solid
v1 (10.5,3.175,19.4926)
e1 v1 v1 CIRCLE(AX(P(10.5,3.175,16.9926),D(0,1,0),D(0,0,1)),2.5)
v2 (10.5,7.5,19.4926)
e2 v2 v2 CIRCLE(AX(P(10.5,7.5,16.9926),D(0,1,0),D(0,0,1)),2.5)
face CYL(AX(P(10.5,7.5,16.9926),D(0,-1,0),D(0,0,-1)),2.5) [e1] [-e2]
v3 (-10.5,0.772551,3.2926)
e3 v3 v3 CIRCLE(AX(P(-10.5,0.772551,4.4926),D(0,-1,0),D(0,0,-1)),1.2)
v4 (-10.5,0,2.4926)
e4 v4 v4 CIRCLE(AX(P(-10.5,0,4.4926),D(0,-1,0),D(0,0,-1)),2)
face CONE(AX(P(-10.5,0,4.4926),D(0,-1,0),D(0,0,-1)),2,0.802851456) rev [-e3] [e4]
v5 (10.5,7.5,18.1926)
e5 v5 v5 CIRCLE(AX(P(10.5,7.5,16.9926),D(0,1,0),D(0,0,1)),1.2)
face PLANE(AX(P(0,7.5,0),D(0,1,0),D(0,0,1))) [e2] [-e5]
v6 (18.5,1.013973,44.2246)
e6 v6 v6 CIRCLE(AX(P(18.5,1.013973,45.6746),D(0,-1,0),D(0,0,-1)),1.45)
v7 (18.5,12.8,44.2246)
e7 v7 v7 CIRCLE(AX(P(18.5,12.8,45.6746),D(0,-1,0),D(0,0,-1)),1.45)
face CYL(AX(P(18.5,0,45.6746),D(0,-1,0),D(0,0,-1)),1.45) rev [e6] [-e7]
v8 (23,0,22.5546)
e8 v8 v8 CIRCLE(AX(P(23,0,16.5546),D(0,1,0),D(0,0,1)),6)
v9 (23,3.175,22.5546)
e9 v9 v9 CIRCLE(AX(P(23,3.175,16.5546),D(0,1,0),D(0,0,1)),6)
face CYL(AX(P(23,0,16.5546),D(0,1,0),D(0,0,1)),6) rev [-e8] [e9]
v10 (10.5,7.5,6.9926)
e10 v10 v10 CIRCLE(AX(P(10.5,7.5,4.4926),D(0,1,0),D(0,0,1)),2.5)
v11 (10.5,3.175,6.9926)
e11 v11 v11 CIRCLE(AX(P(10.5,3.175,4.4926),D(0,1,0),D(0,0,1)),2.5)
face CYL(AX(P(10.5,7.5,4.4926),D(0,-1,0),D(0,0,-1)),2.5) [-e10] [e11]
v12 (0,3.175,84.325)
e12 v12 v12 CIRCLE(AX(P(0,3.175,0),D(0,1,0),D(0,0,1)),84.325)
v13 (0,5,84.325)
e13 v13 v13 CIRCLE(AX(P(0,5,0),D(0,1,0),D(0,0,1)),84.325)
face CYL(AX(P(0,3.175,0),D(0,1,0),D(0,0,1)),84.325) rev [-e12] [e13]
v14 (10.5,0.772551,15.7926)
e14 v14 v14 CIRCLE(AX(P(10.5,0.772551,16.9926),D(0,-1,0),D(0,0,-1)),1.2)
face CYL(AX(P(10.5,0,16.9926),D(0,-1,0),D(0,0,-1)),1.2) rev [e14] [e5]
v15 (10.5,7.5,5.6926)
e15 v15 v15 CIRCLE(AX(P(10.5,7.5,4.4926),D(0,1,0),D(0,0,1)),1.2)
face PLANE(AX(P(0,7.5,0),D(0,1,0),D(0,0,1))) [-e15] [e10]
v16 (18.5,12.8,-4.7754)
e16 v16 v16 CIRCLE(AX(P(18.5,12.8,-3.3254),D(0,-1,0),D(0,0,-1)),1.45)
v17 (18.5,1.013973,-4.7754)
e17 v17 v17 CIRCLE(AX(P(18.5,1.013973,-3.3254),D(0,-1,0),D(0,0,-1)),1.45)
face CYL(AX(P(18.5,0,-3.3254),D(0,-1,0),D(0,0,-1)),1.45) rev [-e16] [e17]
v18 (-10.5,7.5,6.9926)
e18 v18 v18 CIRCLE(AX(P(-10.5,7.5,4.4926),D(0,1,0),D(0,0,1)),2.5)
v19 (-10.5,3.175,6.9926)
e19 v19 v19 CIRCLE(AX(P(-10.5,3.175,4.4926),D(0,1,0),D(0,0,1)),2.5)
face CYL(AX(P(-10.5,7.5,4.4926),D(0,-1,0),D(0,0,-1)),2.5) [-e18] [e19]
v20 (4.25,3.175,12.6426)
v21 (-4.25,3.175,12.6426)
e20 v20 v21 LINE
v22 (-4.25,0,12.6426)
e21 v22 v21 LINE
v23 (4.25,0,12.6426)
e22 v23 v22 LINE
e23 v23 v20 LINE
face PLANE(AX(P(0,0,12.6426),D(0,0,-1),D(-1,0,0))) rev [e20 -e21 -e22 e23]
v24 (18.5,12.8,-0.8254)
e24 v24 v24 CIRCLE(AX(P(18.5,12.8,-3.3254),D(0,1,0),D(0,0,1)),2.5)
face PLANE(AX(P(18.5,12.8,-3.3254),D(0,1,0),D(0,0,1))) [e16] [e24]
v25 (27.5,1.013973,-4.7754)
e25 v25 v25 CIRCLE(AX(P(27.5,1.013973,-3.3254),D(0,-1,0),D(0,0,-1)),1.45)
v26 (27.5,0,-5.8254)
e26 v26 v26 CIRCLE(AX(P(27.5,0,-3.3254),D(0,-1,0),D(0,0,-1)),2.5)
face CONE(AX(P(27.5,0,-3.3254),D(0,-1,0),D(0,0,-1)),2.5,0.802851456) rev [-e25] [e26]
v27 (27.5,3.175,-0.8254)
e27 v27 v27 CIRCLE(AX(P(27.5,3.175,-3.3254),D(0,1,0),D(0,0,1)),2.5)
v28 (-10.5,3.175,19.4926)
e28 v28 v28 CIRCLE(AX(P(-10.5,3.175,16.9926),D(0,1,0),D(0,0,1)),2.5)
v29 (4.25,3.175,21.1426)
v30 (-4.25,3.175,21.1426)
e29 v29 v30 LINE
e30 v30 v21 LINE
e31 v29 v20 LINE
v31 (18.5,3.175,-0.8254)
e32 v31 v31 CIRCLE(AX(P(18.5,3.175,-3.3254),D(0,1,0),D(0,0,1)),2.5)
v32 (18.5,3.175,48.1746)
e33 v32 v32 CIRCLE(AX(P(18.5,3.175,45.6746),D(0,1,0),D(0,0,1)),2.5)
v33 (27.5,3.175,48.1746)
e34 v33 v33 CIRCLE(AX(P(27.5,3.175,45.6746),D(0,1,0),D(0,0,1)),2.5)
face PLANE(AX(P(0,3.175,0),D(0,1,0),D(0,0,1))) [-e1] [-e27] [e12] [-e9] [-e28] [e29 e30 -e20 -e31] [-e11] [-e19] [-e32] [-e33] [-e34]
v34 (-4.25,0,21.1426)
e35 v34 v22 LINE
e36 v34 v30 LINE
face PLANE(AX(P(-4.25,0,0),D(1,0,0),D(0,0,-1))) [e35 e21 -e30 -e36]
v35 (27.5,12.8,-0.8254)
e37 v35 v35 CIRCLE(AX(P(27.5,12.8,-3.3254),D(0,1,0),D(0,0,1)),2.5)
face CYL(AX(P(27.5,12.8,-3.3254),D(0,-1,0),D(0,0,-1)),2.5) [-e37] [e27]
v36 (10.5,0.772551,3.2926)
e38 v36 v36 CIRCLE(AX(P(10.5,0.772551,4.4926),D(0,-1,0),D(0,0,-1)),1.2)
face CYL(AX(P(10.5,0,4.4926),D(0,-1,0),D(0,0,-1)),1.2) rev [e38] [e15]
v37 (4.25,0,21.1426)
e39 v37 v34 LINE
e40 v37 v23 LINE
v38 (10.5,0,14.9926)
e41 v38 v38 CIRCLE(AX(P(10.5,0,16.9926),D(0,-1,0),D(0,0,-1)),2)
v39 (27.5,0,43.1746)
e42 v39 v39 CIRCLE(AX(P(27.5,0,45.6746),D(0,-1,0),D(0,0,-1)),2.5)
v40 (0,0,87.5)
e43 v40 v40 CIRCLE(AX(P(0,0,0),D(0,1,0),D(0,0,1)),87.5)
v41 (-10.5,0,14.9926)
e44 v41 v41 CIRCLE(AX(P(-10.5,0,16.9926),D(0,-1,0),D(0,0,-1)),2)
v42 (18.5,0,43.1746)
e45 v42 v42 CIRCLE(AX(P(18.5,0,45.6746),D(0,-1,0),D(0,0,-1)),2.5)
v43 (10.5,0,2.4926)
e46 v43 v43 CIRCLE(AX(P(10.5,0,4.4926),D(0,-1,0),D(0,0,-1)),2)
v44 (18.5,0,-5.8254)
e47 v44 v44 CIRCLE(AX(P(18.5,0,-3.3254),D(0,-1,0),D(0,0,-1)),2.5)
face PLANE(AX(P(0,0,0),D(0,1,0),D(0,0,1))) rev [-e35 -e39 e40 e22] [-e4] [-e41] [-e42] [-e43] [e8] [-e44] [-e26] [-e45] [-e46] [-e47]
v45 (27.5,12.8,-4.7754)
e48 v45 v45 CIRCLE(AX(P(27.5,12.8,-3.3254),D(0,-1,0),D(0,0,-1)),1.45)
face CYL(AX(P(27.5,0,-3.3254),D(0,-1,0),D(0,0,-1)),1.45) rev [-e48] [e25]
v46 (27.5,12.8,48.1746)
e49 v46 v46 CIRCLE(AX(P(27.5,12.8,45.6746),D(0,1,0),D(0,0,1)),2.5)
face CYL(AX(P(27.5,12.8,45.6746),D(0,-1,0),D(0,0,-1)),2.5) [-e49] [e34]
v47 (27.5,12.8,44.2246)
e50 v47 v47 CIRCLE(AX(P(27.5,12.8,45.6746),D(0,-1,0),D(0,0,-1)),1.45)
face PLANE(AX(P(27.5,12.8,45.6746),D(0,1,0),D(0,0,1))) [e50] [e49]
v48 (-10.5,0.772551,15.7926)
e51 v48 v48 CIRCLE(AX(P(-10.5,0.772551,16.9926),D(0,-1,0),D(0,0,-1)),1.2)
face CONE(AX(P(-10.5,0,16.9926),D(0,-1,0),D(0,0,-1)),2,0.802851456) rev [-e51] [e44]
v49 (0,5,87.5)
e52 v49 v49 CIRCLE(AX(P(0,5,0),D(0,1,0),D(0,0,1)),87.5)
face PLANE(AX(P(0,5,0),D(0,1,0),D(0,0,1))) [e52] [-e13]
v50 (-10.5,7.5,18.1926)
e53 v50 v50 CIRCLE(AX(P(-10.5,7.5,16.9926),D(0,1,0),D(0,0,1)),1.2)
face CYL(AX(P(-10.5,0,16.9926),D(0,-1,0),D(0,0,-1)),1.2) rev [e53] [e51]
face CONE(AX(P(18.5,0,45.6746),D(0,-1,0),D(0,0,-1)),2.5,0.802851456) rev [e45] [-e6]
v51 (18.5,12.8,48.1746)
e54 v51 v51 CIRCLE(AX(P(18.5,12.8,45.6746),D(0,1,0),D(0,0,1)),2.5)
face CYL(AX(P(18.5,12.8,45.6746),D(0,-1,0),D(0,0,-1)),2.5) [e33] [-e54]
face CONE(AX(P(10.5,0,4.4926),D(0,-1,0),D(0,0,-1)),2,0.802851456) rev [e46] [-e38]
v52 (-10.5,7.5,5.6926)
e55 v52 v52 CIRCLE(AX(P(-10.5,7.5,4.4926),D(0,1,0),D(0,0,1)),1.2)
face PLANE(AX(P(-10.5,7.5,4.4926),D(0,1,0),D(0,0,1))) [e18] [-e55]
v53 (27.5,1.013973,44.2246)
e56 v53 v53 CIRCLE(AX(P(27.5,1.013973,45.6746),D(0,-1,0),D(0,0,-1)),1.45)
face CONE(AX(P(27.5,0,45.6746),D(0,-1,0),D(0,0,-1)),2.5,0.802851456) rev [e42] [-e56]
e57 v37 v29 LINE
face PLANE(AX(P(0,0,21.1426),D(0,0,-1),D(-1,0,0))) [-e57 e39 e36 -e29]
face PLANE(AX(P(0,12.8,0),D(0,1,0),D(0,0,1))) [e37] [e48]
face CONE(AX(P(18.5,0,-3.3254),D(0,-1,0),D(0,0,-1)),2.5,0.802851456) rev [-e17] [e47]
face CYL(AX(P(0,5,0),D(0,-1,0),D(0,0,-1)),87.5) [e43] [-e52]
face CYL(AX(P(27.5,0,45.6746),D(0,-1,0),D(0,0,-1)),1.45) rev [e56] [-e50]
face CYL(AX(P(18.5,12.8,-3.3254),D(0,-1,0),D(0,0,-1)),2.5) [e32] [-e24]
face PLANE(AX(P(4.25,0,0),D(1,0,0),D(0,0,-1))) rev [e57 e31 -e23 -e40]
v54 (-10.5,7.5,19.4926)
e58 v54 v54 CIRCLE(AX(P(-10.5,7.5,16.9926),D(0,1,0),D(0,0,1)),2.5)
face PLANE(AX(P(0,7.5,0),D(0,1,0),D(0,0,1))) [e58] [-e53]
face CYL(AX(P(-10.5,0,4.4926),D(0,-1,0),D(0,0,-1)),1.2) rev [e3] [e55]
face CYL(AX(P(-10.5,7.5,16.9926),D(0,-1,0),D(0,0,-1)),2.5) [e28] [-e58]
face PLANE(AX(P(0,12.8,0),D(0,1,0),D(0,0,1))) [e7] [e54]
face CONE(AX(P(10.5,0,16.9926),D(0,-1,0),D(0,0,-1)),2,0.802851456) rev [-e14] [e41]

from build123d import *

# Parameters (mm, degrees)
SKETCH1_R                                            = 87.5
BOSS_EXTRUDE1_DEPTH                                  = 5
SKETCH2_R                                            = 84.325
CUT_EXTRUDE1_DEPTH                                   = 1.825
SKETCH3_W                                            = 8.5
SKETCH3_H                                            = 8.5
SKETCH3_R                                            = 6
CUT_EXTRUDE2_DEPTH                                   = 124.784411882
SKETCH4_R                                            = 2.5
BOSS_EXTRUDE2_DEPTH                                  = 4.325
SKETCH4_2_R                                          = 2.5
BOSS_EXTRUDE3_DEPTH                                  = 9.625
CSK_FOR_M2_5_CROSS_COUNTERSUNK_HEAD_SCRE_D           = 2.9
CSK_FOR_M2_5_CROSS_COUNTERSUNK_HEAD_SCRE_CSINK_D     = 5
CSK_FOR_M2_5_CROSS_COUNTERSUNK_HEAD_SCRE_CSINK_ANGLE = 92
CSK_FOR_M2_CROSS_COUNTERSUNK_HEAD_SCREW1_D           = 2.4
CSK_FOR_M2_CROSS_COUNTERSUNK_HEAD_SCREW1_CSINK_D     = 4
CSK_FOR_M2_CROSS_COUNTERSUNK_HEAD_SCREW1_CSINK_ANGLE = 92


with BuildPart() as part:
    # Sketch1 → Boss-Extrude1 (new body)
    with BuildSketch(Plane(origin=(0, 0, 0), x_dir=(1, 0, 0), z_dir=(0, 1, 0))):
        Circle(SKETCH1_R)
    extrude(amount=BOSS_EXTRUDE1_DEPTH)

    # Sketch2 → Cut-Extrude1 (cut)
    with BuildSketch(Plane(origin=(0, 5, 0), x_dir=(1, 0, 0), z_dir=(0, 1, 0))):
        Circle(SKETCH2_R)
    extrude(amount=-CUT_EXTRUDE1_DEPTH, mode=Mode.SUBTRACT)

    # Sketch3 → Cut-Extrude2 (cut, through all)
    with BuildSketch(Plane(origin=(0, 3.175, 0), x_dir=(1, 0, 0), z_dir=(0, 1, 0))):
        with Locations((0, -16.8926)):
            Rectangle(SKETCH3_W, SKETCH3_H)
        with Locations((23, -16.5546)):
            Circle(SKETCH3_R)
    extrude(amount=-CUT_EXTRUDE2_DEPTH, mode=Mode.SUBTRACT)

    # Sketch4 → Boss-Extrude2 (add)
    with BuildSketch(Plane(origin=(0, 3.175, 0), x_dir=(1, 0, 0), z_dir=(0, 1, 0))):
        with Locations((10.5, -4.4926)):
            Circle(SKETCH4_R)
        with Locations((10.5, -16.9926)):
            Circle(SKETCH4_R)
        with Locations((-10.5, -16.9926)):
            Circle(SKETCH4_R)
        with Locations((-10.5, -4.4926)):
            Circle(SKETCH4_R)
    extrude(amount=BOSS_EXTRUDE2_DEPTH)

    # Sketch4<2> → Boss-Extrude3 (add)
    with BuildSketch(Plane(origin=(0, 3.175, 0), x_dir=(1, 0, 0), z_dir=(0, 1, 0))):
        with Locations((27.5, 3.3254)):
            Circle(SKETCH4_2_R)
        with Locations((27.5, -45.6746)):
            Circle(SKETCH4_2_R)
        with Locations((18.5, -45.6746)):
            Circle(SKETCH4_2_R)
        with Locations((18.5, 3.3254)):
            Circle(SKETCH4_2_R)
    extrude(amount=BOSS_EXTRUDE3_DEPTH)

    # CSK for M2.5 Cross Countersunk Head Screw1 (through all)
    with Locations(Plane(origin=(0, 0, 0), x_dir=(-1, 0, 0), z_dir=(0, -1, 0))):
        with Locations((-27.5, 3.3254), (-18.5, 3.3254), (-27.5, -45.6746), (-18.5, -45.6746)):
            CounterSinkHole(CSK_FOR_M2_5_CROSS_COUNTERSUNK_HEAD_SCRE_D / 2, CSK_FOR_M2_5_CROSS_COUNTERSUNK_HEAD_SCRE_CSINK_D / 2, counter_sink_angle=CSK_FOR_M2_5_CROSS_COUNTERSUNK_HEAD_SCRE_CSINK_ANGLE)

    # CSK for M2 Cross Countersunk Head Screw1 (through all)
    with Locations(Plane(origin=(0, 0, 0), x_dir=(-1, 0, 0), z_dir=(0, -1, 0))):
        with Locations((10.5, -4.4926), (-10.5, -4.4926), (-10.5, -16.9926), (10.5, -16.9926)):
            CounterSinkHole(CSK_FOR_M2_CROSS_COUNTERSUNK_HEAD_SCREW1_D / 2, CSK_FOR_M2_CROSS_COUNTERSUNK_HEAD_SCREW1_CSINK_D / 2, counter_sink_angle=CSK_FOR_M2_CROSS_COUNTERSUNK_HEAD_SCREW1_CSINK_ANGLE)


solid = part.part
